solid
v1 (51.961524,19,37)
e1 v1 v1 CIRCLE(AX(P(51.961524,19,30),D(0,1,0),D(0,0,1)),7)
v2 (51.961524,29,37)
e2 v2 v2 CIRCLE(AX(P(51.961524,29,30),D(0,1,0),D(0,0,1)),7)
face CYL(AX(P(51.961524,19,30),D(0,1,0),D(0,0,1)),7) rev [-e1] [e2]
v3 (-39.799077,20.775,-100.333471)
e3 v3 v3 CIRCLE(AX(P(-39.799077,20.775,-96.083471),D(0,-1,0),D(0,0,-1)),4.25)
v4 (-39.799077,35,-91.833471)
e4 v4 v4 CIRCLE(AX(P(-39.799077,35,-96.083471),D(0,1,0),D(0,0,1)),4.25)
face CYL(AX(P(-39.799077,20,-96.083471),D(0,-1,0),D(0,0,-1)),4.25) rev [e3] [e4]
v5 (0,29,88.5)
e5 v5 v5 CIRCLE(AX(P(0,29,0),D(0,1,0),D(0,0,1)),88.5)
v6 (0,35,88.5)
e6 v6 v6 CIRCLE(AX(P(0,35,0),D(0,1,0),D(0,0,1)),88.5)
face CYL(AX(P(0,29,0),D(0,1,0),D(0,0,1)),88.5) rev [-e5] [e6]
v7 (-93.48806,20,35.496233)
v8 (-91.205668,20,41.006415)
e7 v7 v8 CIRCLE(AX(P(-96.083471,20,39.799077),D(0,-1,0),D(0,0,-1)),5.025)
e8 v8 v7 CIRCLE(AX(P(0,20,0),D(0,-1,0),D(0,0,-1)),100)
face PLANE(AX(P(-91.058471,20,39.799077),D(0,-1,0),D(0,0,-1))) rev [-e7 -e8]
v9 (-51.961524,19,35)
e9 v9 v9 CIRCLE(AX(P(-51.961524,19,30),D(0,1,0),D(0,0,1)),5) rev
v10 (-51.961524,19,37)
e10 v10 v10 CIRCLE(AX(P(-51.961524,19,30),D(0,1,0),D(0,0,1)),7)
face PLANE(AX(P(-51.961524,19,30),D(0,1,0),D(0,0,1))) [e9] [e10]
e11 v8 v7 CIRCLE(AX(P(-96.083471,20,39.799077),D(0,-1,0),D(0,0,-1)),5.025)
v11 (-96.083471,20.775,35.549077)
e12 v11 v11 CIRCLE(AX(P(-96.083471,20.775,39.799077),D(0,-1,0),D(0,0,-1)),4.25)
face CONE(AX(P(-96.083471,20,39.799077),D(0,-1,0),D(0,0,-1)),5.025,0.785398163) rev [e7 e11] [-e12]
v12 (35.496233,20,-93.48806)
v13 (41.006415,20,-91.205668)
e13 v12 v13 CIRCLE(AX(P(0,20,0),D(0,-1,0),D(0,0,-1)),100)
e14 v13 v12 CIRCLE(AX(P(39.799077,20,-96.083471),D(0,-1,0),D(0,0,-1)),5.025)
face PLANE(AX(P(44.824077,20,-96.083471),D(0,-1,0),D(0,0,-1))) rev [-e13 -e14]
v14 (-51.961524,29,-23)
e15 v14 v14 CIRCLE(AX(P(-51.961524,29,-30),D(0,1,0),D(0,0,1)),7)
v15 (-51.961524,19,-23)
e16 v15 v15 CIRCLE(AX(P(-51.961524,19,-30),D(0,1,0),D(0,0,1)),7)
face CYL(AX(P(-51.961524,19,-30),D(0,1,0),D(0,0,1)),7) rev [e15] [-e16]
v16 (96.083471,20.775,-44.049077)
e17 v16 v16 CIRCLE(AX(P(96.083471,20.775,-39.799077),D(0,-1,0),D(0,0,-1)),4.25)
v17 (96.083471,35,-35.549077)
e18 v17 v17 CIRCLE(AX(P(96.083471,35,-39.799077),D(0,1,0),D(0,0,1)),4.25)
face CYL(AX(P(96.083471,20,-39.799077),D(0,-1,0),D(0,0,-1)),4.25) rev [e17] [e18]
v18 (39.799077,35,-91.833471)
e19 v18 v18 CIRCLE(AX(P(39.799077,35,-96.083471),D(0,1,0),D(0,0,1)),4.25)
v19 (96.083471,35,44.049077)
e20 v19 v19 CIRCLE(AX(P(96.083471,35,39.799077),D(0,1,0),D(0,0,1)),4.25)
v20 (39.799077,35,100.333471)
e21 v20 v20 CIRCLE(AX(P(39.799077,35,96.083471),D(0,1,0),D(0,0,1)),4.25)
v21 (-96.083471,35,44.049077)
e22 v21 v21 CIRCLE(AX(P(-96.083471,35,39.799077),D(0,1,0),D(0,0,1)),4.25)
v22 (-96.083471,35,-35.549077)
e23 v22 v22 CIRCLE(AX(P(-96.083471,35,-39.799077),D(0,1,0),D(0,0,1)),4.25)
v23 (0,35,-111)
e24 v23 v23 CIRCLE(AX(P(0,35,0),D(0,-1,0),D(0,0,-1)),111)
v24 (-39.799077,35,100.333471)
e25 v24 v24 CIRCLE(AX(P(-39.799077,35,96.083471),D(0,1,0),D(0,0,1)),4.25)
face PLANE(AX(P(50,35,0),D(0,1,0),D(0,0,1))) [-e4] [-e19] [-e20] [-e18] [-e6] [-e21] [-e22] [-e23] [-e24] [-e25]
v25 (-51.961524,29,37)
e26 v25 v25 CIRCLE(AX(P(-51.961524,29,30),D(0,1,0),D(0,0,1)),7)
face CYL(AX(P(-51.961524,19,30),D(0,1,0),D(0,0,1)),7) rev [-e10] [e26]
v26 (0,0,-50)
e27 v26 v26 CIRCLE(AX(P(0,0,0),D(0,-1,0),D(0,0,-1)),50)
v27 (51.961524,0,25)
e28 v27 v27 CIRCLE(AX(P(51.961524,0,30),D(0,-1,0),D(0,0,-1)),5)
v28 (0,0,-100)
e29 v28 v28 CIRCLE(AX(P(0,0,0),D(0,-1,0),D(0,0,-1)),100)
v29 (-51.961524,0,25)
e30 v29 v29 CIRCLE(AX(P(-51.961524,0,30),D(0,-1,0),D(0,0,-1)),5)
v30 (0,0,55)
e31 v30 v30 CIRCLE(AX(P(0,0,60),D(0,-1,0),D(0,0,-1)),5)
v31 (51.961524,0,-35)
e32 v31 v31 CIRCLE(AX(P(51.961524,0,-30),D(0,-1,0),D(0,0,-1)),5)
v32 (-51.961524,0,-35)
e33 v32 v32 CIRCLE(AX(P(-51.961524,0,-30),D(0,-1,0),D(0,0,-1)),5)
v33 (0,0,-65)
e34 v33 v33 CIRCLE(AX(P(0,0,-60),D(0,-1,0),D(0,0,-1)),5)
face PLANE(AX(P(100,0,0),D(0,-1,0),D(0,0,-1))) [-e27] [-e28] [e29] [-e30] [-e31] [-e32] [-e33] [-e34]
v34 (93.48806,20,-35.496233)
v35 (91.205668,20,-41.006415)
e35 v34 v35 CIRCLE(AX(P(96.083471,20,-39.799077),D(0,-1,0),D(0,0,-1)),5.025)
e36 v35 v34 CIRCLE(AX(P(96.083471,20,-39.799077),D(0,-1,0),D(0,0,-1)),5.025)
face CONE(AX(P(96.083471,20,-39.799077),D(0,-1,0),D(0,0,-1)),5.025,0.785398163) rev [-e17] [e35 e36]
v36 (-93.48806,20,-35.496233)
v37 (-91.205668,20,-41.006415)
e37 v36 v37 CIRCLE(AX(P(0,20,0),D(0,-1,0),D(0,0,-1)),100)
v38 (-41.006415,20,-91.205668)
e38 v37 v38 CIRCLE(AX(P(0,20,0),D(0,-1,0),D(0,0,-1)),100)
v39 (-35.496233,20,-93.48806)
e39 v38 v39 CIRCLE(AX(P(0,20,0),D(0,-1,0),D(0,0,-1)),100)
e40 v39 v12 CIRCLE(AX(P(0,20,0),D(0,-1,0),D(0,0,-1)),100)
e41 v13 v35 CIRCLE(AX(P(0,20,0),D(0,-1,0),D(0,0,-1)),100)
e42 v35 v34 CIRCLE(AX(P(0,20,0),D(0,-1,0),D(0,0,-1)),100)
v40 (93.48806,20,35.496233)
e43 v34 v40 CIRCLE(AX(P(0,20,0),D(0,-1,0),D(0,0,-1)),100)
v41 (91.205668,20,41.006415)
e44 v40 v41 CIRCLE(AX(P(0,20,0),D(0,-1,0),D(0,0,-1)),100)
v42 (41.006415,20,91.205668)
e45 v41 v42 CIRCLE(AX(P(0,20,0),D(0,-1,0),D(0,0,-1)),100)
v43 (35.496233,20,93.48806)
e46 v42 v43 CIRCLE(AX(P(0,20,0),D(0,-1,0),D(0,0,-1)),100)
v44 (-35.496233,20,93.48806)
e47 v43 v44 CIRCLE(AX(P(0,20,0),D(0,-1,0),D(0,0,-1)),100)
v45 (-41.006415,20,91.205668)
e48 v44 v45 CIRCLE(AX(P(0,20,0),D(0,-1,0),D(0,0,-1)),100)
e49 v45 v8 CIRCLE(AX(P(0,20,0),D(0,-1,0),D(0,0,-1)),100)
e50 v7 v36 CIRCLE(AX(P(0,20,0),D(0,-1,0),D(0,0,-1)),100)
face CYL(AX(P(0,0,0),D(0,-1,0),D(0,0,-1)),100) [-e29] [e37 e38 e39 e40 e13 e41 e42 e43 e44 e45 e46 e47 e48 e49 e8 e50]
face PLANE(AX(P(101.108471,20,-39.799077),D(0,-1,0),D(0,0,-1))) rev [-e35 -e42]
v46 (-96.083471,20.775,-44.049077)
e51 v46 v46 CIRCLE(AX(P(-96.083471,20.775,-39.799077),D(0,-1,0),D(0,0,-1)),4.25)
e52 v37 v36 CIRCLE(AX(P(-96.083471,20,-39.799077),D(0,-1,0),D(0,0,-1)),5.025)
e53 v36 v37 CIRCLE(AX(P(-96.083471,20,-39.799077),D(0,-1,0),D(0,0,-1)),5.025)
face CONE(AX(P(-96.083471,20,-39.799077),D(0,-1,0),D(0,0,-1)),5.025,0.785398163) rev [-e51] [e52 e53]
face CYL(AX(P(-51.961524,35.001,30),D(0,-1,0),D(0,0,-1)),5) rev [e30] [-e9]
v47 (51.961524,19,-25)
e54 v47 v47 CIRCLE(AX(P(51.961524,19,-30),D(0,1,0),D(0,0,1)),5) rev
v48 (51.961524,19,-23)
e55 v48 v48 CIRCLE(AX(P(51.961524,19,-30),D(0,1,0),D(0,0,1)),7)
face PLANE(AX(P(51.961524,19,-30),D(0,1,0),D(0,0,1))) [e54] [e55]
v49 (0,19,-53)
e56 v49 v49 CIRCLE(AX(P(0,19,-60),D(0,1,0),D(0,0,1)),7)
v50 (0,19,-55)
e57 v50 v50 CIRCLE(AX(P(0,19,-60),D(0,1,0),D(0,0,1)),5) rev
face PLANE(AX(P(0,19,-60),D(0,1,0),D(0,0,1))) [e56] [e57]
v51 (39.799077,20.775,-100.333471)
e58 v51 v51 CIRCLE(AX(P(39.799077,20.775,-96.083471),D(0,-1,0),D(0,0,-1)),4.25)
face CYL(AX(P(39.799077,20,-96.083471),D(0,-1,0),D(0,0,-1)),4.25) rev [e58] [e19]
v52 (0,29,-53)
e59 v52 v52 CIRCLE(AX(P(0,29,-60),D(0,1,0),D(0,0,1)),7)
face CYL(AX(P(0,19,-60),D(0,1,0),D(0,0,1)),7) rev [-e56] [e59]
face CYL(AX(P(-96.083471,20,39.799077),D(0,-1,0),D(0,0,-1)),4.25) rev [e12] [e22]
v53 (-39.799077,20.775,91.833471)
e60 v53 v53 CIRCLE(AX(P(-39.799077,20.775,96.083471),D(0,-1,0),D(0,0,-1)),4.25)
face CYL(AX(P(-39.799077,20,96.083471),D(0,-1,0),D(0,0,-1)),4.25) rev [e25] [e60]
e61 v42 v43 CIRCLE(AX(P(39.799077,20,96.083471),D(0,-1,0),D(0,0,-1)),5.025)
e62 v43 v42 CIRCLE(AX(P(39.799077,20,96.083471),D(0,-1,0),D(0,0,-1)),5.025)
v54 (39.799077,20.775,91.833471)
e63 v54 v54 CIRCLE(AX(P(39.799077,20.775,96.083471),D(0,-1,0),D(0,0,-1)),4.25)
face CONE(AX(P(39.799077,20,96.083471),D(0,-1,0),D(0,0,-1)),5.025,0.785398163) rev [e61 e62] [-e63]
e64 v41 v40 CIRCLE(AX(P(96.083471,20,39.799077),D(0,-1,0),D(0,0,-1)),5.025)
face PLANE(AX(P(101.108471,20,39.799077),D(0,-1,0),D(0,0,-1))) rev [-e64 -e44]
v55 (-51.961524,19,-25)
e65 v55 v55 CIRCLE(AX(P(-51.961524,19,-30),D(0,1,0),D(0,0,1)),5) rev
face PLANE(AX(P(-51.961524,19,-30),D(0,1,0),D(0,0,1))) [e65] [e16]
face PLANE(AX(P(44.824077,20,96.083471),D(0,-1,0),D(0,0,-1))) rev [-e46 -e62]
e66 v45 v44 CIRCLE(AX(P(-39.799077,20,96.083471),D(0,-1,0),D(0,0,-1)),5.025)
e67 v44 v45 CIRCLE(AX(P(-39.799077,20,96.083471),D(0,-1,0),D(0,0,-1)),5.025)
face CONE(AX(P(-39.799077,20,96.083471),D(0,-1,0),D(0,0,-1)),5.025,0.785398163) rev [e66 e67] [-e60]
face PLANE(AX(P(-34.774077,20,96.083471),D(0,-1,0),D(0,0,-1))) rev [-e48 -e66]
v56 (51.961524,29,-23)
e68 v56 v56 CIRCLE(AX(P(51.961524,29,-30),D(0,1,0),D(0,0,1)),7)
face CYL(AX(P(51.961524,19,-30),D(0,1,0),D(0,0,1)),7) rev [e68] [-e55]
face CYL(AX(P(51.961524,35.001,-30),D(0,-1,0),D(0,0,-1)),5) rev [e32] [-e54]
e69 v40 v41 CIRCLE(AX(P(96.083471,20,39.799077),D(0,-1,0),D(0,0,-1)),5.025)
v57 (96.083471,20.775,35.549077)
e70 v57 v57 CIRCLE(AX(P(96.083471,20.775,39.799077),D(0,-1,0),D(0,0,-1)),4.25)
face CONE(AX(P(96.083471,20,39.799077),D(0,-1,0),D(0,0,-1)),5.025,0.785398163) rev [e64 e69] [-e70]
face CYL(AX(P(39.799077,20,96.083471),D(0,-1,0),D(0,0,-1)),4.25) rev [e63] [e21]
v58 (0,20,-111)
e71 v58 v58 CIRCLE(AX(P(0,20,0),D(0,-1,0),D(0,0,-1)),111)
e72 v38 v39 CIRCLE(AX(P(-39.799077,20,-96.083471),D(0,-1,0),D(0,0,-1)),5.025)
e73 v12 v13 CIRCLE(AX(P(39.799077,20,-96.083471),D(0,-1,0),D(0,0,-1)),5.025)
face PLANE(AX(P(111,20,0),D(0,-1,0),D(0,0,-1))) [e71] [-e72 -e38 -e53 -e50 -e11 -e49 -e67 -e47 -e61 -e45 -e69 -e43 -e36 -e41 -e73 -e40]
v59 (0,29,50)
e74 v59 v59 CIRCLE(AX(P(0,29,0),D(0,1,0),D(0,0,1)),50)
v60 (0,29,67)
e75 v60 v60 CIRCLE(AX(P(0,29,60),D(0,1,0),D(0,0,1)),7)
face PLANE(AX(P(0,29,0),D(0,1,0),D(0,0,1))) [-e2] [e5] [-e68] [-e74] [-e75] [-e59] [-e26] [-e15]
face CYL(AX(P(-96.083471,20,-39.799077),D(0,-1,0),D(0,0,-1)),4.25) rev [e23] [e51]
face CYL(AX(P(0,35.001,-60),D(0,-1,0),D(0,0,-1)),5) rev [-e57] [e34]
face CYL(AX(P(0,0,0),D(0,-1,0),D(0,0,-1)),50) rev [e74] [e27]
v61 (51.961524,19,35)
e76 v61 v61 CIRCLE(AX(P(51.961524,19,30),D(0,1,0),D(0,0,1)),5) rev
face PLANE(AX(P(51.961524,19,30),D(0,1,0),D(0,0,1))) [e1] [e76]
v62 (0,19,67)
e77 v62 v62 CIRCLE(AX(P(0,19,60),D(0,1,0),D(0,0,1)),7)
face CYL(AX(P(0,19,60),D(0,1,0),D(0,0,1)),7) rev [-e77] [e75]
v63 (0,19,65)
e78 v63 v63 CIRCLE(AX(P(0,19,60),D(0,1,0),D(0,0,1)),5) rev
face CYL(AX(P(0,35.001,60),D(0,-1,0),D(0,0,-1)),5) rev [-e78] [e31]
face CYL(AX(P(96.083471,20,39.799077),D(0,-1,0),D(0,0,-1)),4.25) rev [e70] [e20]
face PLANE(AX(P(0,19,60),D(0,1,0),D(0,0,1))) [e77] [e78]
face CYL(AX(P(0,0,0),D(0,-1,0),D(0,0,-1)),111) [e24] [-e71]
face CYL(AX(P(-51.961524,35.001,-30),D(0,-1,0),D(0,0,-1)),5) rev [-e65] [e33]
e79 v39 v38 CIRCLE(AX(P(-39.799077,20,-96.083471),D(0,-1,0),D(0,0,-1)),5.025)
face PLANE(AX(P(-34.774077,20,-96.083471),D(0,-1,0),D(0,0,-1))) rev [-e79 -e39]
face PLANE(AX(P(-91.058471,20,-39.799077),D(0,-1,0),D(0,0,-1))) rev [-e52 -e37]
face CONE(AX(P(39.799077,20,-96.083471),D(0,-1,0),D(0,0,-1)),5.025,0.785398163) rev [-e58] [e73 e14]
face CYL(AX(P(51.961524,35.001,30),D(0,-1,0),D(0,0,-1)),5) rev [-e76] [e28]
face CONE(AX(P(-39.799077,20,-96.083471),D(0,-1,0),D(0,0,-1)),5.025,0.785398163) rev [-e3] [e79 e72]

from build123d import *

# Parameters (mm, degrees)
CUT_EXTRUDE1_REACH = 162.832
SKETCH3_R          = 5
SKETCH5_R          = 88.5
CUT_EXTRUDE3_DEPTH = 6
SKETCH4_R          = 7
CUT_EXTRUDE2_DEPTH = 10
CIRPATTERN1_COUNT  = 8


with BuildPart() as part:
    # Sketch1 → Revolve1 (revolve)
    with BuildSketch(Plane.XY, mode=Mode.PRIVATE) as revolve1_sk:
        Polygon((50, 0), (50, 35), (111, 35), (111, 20), (100, 20), (100, 0), align=None)
    revolve(revolve1_sk.sketch.rotate(Axis((0, 0, 0), (0, 1, 0)), 90), axis=Axis((0, 0, 0), (0, 1, 0)))

    # Sketch3 → Cut-Extrude1 (cut, up to next)
    with BuildSketch(Plane.XZ, mode=Mode.PRIVATE) as cut_extrude1_sk1:
        with Locations(Location((0, 60, 0), (0, 0, 270))):
            Circle(SKETCH3_R)
    cut_extrude1_tool1 = extrude(cut_extrude1_sk1.sketch, amount=-CUT_EXTRUDE1_REACH, mode=Mode.PRIVATE) & part.part
    # Sketch3 → Cut-Extrude1 (cut, up to next)
    with BuildSketch(Plane.XZ, mode=Mode.PRIVATE) as cut_extrude1_sk2:
        with Locations(Location((51.961524227, 30, 0), (0, 0, 270))):
            Circle(SKETCH3_R)
    cut_extrude1_tool2 = extrude(cut_extrude1_sk2.sketch, amount=-CUT_EXTRUDE1_REACH, mode=Mode.PRIVATE) & part.part
    # Sketch3 → Cut-Extrude1 (cut, up to next)
    with BuildSketch(Plane.XZ, mode=Mode.PRIVATE) as cut_extrude1_sk3:
        with Locations(Location((51.961524227, -30, 0), (0, 0, 270))):
            Circle(SKETCH3_R)
    cut_extrude1_tool3 = extrude(cut_extrude1_sk3.sketch, amount=-CUT_EXTRUDE1_REACH, mode=Mode.PRIVATE) & part.part
    # Sketch3 → Cut-Extrude1 (cut, up to next)
    with BuildSketch(Plane.XZ, mode=Mode.PRIVATE) as cut_extrude1_sk4:
        with Locations(Location((0, -60, 0), (0, 0, 270))):
            Circle(SKETCH3_R)
    cut_extrude1_tool4 = extrude(cut_extrude1_sk4.sketch, amount=-CUT_EXTRUDE1_REACH, mode=Mode.PRIVATE) & part.part
    # Sketch3 → Cut-Extrude1 (cut, up to next)
    with BuildSketch(Plane.XZ, mode=Mode.PRIVATE) as cut_extrude1_sk5:
        with Locations(Location((-51.961524227, -30, 0), (0, 0, 270))):
            Circle(SKETCH3_R)
    cut_extrude1_tool5 = extrude(cut_extrude1_sk5.sketch, amount=-CUT_EXTRUDE1_REACH, mode=Mode.PRIVATE) & part.part
    # Sketch3 → Cut-Extrude1 (cut, up to next)
    with BuildSketch(Plane.XZ, mode=Mode.PRIVATE) as cut_extrude1_sk6:
        with Locations(Location((-51.961524227, 30, 0), (0, 0, 270))):
            Circle(SKETCH3_R)
    cut_extrude1_tool6 = extrude(cut_extrude1_sk6.sketch, amount=-CUT_EXTRUDE1_REACH, mode=Mode.PRIVATE) & part.part
    add(cut_extrude1_tool1.solids().sort_by_distance((0, 0, 60))[0], mode=Mode.SUBTRACT)
    add(cut_extrude1_tool2.solids().sort_by_distance((51.961524, 0, 30))[0], mode=Mode.SUBTRACT)
    add(cut_extrude1_tool3.solids().sort_by_distance((51.961524, 0, -30))[0], mode=Mode.SUBTRACT)
    add(cut_extrude1_tool4.solids().sort_by_distance((0, 0, -60))[0], mode=Mode.SUBTRACT)
    add(cut_extrude1_tool5.solids().sort_by_distance((-51.961524, 0, -30))[0], mode=Mode.SUBTRACT)
    add(cut_extrude1_tool6.solids().sort_by_distance((-51.961524, 0, 30))[0], mode=Mode.SUBTRACT)

    # Sketch5 → Cut-Extrude3 (cut)
    with BuildSketch(Plane(origin=(0, 35, 0), x_dir=(1, 0, 0), z_dir=(0, 1, 0))):
        with Locations(Location((0, 0, 0), (0, 0, 270))):
            Circle(SKETCH5_R)
    extrude(amount=-CUT_EXTRUDE3_DEPTH, mode=Mode.SUBTRACT)

    # Sketch4 → Cut-Extrude2 (cut)
    with BuildSketch(Plane(origin=(0, 29, 0), x_dir=(1, 0, 0), z_dir=(0, 1, 0))):
        with Locations(Location((0, 60, 0), (0, 0, 270))):
            Circle(SKETCH4_R)
        with Locations(Location((51.961524227, 30, 0), (0, 0, 270))):
            Circle(SKETCH4_R)
        with Locations(Location((51.961524227, -30, 0), (0, 0, 270))):
            Circle(SKETCH4_R)
        with Locations(Location((0, -60, 0), (0, 0, 270))):
            Circle(SKETCH4_R)
        with Locations(Location((-51.961524227, -30, 0), (0, 0, 270))):
            Circle(SKETCH4_R)
        with Locations(Location((-51.961524227, 30, 0), (0, 0, 270))):
            Circle(SKETCH4_R)
    extrude(amount=-CUT_EXTRUDE2_DEPTH, mode=Mode.SUBTRACT)

    # Sketch8 → M10 Tapped Hole1 (revolve, cut)
    with BuildSketch(Plane(origin=(39.799076966, 20, 96.083471381), x_dir=(0, 0, -1), z_dir=(1, 0, 0))):
        Polygon((0, 0), (0, 27.053657631), (4.25, 24.5), (4.25, 0.775), (5.025, 0), align=None)
    m10_tapped_hole1 = revolve(axis=Axis((39.799076966, 13.65, 96.083471381), (0, 1, 0)), mode=Mode.SUBTRACT)

    # CirPattern1: M10 Tapped Hole1 ×8 about axis
    cirpattern1_axis = Axis((0, 0, 0), (0, 1, 0))
    for i in range(1, CIRPATTERN1_COUNT):
        add(m10_tapped_hole1.rotate(cirpattern1_axis, i * 360 / CIRPATTERN1_COUNT), mode=Mode.SUBTRACT)


solid = part.part
